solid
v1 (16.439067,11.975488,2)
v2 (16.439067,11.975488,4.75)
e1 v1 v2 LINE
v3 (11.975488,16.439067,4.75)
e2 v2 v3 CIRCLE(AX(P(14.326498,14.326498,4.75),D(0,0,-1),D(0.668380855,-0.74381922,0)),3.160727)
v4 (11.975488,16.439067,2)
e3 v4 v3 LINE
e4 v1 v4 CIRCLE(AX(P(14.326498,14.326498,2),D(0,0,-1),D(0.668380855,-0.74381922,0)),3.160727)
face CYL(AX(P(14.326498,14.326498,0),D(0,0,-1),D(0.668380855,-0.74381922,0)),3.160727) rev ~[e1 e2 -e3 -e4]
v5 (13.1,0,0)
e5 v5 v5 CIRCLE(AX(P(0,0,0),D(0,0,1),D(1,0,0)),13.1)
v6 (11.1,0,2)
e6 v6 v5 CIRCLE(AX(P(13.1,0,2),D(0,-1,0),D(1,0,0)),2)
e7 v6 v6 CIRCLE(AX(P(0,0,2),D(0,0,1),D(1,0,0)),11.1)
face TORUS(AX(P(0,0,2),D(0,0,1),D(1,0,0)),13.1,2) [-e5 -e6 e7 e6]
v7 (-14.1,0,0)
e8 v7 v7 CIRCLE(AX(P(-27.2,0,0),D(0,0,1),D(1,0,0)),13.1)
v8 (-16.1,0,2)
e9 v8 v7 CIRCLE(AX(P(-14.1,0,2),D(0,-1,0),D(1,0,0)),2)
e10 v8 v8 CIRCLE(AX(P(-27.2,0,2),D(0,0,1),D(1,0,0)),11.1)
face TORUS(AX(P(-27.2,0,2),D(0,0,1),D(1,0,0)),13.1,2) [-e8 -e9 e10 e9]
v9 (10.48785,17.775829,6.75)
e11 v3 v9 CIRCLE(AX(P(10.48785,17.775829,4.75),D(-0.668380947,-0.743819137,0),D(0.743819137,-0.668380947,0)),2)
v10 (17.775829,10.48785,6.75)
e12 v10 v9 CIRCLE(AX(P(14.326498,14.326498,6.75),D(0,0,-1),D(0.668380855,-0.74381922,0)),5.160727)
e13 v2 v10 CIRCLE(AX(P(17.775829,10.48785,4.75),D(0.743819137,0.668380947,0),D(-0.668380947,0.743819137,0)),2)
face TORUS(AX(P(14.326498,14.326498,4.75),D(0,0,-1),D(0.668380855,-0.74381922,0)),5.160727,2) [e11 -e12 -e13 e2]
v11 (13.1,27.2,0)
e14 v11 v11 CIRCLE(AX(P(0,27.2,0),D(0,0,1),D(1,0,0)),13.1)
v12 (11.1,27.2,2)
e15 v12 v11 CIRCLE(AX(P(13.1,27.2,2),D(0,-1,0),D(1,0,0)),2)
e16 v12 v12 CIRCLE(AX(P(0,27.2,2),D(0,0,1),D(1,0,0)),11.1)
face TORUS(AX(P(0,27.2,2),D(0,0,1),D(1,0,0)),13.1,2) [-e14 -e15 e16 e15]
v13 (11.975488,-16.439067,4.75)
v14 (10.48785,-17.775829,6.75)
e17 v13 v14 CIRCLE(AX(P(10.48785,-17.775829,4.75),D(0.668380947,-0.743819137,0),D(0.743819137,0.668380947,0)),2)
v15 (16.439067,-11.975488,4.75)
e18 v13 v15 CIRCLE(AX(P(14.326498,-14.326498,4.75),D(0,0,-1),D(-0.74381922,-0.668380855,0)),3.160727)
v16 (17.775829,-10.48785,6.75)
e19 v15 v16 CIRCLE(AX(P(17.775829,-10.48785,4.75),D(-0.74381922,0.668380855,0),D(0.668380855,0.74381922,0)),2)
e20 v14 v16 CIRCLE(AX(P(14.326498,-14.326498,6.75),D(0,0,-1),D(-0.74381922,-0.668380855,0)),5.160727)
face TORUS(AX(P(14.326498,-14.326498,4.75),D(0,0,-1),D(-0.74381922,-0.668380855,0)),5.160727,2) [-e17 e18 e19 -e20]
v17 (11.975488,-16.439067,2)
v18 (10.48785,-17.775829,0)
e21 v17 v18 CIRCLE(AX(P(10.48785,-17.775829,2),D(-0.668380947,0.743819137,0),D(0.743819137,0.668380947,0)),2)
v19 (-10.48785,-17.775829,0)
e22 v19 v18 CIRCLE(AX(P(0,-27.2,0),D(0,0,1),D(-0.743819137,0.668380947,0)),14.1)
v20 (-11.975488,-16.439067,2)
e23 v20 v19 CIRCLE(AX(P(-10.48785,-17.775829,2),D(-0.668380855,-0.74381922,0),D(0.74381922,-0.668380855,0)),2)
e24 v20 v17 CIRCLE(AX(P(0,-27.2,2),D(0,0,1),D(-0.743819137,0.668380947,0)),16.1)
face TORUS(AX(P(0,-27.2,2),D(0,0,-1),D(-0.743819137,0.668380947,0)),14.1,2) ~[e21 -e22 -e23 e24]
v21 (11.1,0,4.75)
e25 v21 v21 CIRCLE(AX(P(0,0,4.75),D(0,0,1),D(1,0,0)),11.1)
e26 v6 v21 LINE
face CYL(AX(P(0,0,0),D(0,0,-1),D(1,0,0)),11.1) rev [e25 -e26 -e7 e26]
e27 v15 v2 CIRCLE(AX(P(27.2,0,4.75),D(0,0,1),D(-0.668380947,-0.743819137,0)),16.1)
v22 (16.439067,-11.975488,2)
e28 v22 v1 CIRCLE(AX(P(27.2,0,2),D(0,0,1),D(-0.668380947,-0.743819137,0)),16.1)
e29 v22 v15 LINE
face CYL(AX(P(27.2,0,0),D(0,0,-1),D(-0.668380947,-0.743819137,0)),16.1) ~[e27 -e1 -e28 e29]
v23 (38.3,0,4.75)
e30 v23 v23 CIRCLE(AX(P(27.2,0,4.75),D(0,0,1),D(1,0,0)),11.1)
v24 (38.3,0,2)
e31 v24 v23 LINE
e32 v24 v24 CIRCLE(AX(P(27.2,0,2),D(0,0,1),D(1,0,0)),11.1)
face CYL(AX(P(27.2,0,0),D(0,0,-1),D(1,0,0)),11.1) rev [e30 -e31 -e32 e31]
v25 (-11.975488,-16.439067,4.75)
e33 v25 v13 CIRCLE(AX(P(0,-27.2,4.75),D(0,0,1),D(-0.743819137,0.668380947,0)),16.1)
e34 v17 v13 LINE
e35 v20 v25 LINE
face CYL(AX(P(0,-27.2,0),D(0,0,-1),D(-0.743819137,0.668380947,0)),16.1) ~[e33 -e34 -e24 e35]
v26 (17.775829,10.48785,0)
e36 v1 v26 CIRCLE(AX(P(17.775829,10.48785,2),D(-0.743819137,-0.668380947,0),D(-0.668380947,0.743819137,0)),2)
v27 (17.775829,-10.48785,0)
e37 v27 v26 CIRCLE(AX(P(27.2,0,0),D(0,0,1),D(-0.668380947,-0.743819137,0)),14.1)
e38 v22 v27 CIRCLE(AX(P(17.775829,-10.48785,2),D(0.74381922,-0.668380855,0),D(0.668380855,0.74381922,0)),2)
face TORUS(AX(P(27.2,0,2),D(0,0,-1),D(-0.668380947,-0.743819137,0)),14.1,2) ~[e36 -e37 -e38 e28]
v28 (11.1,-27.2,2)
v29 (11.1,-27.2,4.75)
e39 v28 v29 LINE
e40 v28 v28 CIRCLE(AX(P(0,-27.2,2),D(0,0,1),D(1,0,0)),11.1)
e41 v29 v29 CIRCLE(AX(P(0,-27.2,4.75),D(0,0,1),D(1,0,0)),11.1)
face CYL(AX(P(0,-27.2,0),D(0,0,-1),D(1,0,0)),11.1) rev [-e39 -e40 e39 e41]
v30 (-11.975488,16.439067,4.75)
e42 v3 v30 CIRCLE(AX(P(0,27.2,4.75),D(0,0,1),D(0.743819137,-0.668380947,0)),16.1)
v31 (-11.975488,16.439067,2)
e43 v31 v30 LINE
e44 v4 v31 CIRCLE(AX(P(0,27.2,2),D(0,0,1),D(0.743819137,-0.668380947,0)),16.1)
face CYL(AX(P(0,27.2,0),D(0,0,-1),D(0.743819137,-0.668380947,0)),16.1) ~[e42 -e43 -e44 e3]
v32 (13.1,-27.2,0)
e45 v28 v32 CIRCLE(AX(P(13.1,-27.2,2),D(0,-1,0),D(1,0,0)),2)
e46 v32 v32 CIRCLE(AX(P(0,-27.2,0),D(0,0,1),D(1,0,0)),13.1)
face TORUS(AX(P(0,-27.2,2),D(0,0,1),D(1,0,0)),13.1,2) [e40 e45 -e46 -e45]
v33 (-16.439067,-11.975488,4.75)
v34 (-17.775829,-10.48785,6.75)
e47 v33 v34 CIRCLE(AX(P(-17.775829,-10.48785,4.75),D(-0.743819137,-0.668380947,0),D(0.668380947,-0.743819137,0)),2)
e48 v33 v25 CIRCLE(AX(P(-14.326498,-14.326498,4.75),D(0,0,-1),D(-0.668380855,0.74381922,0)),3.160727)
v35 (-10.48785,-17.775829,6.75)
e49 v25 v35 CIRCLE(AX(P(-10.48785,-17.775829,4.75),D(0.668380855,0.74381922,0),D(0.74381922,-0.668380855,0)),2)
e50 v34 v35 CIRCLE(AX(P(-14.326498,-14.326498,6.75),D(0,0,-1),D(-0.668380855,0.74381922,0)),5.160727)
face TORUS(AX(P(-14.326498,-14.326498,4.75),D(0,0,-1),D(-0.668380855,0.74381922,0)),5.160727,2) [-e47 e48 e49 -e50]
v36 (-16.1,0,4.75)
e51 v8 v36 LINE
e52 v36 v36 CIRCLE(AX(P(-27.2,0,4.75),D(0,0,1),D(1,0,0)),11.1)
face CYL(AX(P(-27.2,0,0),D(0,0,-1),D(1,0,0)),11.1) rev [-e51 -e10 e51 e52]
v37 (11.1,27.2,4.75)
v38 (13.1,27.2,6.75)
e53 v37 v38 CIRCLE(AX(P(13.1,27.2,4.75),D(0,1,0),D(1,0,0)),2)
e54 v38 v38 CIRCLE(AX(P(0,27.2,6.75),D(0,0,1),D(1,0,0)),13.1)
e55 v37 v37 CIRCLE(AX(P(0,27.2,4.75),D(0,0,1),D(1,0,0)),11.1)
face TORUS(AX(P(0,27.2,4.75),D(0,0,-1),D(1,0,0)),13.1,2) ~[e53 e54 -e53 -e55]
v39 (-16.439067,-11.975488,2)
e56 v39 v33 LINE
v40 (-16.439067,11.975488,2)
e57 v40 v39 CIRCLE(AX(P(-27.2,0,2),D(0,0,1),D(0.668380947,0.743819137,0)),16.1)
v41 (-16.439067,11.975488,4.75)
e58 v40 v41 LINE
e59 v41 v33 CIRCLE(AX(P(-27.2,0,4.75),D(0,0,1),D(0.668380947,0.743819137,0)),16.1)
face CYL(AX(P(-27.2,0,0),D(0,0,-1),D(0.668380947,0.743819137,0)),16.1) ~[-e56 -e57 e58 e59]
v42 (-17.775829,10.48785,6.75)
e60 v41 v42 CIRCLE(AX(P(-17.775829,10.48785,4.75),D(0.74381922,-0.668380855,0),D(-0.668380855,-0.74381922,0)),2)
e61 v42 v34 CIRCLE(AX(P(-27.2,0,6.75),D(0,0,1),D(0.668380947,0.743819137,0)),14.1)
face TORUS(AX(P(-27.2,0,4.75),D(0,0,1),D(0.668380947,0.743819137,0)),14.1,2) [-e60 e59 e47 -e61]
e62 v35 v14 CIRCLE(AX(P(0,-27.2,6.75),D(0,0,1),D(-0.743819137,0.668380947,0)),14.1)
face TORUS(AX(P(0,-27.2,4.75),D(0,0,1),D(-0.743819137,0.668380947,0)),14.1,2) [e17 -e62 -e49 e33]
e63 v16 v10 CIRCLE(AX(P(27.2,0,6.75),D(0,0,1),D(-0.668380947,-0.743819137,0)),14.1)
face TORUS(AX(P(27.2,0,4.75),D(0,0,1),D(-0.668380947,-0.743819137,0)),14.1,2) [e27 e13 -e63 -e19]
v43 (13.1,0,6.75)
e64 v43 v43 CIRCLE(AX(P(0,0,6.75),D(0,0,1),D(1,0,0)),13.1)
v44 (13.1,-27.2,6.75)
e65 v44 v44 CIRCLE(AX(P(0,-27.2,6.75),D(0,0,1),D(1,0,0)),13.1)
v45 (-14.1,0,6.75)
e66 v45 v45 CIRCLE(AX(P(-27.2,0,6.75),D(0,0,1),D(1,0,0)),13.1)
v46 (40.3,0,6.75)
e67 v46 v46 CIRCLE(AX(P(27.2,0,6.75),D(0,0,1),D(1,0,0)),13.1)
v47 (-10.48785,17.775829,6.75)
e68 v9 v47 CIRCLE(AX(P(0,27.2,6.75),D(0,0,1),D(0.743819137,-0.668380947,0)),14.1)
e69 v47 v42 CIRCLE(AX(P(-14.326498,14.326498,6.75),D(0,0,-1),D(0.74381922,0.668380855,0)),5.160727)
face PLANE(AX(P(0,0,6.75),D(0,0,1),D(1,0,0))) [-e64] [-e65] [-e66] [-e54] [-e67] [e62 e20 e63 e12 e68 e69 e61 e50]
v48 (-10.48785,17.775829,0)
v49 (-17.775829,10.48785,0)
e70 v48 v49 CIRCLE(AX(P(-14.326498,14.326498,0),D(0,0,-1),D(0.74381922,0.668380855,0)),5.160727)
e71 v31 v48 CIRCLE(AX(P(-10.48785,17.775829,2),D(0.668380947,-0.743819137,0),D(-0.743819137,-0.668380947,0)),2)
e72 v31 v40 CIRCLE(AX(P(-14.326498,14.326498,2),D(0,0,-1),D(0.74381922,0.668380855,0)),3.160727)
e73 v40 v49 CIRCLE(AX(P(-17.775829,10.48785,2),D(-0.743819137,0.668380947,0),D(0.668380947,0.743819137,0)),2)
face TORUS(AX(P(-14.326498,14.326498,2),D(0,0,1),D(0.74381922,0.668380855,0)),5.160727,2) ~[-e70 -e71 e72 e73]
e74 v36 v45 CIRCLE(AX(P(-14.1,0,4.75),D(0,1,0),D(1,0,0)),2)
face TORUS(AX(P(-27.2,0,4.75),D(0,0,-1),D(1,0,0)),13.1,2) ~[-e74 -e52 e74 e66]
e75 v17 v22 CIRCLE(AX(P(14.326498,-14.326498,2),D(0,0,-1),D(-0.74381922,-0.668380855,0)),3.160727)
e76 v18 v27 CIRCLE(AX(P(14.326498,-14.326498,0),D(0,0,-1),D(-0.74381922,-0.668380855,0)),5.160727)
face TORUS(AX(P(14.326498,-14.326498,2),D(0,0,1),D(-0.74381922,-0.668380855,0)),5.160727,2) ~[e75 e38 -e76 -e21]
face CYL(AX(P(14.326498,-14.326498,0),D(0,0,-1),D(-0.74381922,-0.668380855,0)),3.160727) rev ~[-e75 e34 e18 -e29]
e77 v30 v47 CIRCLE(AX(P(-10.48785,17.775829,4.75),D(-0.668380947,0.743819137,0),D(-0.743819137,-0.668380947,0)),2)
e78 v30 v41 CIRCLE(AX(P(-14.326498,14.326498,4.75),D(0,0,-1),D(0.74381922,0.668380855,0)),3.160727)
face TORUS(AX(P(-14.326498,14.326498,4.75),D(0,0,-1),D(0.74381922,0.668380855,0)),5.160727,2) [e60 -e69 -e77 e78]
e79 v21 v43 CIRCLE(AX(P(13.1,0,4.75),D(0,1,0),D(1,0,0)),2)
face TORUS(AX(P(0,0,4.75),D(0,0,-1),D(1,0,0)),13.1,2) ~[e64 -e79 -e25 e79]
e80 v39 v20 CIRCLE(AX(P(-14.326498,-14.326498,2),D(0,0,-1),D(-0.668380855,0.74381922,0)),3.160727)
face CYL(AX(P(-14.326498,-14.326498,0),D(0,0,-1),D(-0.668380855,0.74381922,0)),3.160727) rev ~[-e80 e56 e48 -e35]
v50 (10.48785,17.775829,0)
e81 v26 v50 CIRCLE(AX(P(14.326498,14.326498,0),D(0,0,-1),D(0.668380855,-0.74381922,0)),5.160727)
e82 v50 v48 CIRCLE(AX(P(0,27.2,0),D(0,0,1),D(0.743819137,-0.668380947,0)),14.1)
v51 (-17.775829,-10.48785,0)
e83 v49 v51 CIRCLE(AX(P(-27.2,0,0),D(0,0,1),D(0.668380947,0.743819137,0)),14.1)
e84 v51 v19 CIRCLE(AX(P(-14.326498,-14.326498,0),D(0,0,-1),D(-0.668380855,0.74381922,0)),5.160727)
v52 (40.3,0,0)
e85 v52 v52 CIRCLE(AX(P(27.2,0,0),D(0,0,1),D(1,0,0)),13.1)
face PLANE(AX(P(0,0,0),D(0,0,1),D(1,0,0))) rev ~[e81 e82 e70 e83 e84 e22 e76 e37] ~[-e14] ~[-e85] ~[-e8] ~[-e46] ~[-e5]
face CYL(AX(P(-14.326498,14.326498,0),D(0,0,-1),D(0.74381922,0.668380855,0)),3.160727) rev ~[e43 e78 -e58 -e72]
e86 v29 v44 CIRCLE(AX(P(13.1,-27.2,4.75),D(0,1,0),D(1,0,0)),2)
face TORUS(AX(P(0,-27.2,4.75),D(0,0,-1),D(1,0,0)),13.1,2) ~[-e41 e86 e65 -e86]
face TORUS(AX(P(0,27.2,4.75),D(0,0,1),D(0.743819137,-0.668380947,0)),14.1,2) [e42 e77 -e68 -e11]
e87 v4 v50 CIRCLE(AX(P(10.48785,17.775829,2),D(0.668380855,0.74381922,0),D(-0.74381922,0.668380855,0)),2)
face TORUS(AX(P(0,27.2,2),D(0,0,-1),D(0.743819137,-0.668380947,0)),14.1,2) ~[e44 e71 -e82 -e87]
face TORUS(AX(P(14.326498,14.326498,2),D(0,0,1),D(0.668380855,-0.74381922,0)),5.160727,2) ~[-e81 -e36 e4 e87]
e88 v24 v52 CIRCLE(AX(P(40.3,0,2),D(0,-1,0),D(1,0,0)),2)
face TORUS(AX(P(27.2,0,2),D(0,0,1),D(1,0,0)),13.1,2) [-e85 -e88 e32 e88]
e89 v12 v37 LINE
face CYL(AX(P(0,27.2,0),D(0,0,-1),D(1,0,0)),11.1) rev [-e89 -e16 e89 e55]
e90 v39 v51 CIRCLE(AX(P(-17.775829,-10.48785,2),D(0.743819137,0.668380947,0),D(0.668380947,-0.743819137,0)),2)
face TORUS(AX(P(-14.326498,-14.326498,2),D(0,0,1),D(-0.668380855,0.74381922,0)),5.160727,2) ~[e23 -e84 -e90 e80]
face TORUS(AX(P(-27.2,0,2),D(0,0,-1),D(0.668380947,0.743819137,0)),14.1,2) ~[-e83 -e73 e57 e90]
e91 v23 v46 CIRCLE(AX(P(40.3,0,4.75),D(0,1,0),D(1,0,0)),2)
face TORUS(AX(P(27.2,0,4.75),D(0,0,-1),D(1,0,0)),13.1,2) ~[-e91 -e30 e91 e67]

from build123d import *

# Parameters (mm, degrees)
F0_R     = 11.1
F1_DEPTH = 6.75
F2_R     = 2


with BuildPart() as f1:
    # F0 (on Top) → F1 (new body)
    with BuildSketch(Plane.XY):
        with BuildLine():
            ThreePointArc((11.975488, 16.439067), (0, 43.3), (-11.975488, 16.439067))
            ThreePointArc((-11.975488, 16.439067), (-12.091526, 12.091526), (-16.439067, 11.975488))
            ThreePointArc((-16.439067, 11.975488), (-43.3, 0), (-16.439067, -11.975488))
            ThreePointArc((-16.439067, -11.975488), (-12.091526, -12.091526), (-11.975488, -16.439067))
            ThreePointArc((-11.975488, -16.439067), (0, -43.3), (11.975488, -16.439067))
            ThreePointArc((11.975488, -16.439067), (12.091526, -12.091526), (16.439067, -11.975488))
            ThreePointArc((16.439067, -11.975488), (43.3, 0), (16.439067, 11.975488))
            ThreePointArc((16.439067, 11.975488), (12.091526, 12.091526), (11.975488, 16.439067))
        make_face()
        with Locations((0, -27.2)):
            Circle(F0_R, mode=Mode.SUBTRACT)
        with Locations((-27.2, 0)):
            Circle(F0_R, mode=Mode.SUBTRACT)
        Circle(F0_R, mode=Mode.SUBTRACT)
        with Locations((27.2, 0)):
            Circle(F0_R, mode=Mode.SUBTRACT)
        with Locations((0, 27.2)):
            Circle(F0_R, mode=Mode.SUBTRACT)
    extrude(amount=F1_DEPTH)

    # F2
    f2_edges = [f1.edges().sort_by_distance(p)[0] for p in [
        (-11.1, 27.2, 6.75),
        (0, 43.3, 6.75),
        (-11.1, 0, 6.75),
        (-38.3, 0, 6.75),
        (-11.1, -27.2, 6.75),
        (16.1, 0, 6.75),
        (16.1, 0, 0),
        (-11.1, 0, 0),
        (-11.1, -27.2, 0),
        (-43.3, 0, 0),
        (-38.3, 0, 0),
        (-11.1, 27.2, 0),
    ]]
    fillet(f2_edges, radius=F2_R)


solid = f1.part
